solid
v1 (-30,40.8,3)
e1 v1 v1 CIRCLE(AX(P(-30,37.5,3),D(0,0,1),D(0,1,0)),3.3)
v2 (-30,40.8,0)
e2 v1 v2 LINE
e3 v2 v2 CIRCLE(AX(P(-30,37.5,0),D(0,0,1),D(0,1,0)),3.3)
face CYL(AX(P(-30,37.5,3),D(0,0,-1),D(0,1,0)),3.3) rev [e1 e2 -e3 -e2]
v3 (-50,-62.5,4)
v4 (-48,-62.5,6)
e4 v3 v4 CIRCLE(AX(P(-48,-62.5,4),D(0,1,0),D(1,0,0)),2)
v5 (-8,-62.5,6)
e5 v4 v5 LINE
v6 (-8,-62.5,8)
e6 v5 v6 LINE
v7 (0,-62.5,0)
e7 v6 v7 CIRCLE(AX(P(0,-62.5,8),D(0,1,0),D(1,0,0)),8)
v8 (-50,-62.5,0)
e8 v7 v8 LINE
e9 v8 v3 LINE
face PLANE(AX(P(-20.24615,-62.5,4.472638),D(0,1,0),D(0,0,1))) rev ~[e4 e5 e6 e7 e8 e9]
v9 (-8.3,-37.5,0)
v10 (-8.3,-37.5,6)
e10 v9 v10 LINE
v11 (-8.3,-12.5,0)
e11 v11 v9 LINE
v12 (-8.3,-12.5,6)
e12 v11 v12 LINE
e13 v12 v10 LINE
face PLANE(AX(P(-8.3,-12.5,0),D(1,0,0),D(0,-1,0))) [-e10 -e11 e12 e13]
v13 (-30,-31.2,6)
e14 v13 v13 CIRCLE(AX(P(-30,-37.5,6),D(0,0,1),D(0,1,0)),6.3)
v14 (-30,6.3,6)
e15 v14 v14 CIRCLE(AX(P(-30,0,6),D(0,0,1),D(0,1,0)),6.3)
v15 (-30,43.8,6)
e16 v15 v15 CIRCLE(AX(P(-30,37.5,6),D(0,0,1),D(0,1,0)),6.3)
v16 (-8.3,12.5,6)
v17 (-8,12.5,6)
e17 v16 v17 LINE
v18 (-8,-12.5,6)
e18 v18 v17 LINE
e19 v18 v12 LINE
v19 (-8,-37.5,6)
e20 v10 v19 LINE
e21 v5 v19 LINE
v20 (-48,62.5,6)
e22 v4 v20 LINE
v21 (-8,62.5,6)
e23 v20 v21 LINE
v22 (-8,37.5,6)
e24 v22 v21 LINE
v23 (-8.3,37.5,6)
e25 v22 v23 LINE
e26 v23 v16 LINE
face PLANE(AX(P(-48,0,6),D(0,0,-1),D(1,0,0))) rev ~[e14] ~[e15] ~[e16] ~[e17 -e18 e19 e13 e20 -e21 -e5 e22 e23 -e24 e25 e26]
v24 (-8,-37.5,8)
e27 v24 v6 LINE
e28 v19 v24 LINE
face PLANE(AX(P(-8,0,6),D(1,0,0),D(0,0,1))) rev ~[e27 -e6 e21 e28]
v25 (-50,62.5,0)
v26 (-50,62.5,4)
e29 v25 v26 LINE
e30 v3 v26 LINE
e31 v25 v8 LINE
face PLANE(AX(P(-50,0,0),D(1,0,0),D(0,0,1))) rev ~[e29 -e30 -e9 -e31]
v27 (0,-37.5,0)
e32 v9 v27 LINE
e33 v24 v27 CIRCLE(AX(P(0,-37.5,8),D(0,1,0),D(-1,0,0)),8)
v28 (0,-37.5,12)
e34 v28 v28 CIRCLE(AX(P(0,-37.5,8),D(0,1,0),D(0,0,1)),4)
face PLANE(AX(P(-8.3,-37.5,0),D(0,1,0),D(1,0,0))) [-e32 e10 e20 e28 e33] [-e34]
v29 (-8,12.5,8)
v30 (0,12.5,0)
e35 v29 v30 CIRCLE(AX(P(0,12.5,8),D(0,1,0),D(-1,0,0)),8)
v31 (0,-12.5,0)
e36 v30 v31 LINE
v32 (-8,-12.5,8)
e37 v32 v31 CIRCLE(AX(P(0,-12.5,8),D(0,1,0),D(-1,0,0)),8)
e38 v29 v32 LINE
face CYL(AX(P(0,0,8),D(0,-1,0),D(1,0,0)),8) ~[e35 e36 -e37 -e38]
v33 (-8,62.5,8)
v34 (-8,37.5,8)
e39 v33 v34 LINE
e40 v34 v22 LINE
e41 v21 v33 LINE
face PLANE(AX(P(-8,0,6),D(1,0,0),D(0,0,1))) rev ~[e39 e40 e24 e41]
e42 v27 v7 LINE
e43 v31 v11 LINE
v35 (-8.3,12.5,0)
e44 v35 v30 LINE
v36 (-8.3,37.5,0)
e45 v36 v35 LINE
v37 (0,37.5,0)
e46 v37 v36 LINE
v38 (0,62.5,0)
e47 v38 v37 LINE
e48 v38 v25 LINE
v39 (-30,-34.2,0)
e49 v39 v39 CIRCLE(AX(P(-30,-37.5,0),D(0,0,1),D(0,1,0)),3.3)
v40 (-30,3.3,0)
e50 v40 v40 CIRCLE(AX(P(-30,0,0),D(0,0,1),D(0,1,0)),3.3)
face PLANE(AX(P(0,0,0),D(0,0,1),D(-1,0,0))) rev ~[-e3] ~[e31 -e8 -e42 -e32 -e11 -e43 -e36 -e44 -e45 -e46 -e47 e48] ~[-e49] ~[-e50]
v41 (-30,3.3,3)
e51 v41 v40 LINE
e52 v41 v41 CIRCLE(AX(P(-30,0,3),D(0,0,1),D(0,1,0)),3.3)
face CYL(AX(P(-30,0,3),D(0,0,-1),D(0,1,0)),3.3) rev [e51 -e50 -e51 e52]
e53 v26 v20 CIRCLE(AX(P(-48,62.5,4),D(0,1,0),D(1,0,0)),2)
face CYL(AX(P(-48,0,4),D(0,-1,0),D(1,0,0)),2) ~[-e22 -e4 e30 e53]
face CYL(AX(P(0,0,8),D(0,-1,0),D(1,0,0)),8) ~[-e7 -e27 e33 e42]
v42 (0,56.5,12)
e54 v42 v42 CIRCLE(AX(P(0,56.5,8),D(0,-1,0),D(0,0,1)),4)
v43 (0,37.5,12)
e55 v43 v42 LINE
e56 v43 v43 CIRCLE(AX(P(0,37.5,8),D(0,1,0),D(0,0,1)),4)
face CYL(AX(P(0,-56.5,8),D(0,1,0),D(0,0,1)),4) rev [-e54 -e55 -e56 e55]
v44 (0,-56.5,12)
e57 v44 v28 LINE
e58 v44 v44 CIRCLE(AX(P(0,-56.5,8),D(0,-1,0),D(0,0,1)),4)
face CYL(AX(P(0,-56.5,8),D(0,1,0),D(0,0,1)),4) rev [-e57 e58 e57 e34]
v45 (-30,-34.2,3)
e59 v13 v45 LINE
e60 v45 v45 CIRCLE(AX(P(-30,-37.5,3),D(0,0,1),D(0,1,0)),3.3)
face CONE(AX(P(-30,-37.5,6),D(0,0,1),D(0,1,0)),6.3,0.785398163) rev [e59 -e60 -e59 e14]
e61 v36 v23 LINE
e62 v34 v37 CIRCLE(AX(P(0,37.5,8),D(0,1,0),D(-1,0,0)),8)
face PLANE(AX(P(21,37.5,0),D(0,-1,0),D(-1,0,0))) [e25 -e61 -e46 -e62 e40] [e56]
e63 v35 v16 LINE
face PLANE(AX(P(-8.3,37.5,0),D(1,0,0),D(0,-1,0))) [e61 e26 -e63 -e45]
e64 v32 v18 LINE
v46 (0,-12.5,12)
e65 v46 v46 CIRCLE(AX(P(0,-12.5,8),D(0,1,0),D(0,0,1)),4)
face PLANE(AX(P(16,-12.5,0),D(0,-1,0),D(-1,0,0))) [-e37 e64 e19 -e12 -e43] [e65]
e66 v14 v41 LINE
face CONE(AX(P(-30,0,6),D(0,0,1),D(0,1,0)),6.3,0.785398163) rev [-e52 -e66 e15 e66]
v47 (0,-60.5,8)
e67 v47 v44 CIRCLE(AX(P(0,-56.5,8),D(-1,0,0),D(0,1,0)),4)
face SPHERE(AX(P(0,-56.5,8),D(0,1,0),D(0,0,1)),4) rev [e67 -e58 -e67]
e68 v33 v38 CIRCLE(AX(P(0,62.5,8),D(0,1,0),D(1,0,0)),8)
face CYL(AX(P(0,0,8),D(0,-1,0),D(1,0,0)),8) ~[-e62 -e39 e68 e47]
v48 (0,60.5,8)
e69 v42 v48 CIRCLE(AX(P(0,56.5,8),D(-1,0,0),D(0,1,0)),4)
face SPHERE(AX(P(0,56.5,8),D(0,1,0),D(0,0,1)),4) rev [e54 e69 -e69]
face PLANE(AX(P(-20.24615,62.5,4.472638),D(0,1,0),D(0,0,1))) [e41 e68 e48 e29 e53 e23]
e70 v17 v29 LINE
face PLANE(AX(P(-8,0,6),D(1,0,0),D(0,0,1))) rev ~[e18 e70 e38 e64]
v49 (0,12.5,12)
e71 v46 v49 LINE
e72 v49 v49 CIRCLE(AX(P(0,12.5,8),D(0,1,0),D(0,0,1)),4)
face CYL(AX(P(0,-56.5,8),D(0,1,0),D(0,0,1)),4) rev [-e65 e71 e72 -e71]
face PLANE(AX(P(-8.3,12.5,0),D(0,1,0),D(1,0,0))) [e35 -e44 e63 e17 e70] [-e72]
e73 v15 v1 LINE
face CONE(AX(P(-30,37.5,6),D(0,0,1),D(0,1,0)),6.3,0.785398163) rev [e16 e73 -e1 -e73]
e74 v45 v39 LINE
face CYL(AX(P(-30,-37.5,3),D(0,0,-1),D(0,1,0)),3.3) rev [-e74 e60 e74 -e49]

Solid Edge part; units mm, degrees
sketch "Sketch1" plane through (0, 0, 0) normal (0, -1, 0) x (1, 0, 0)
  line L0 (-50, 0) -> (-50, 4)
  arc A0 (-50, 4) -> (-48, 6) centre (-48, 4) cw
  line L1 (-48, 6) -> (-8, 6)
  line L2 (-8, 6) -> (-8, 8)
  arc A1 (-8, 8) -> (0, 0) centre (0, 8) cw
  line L3 (0, 0) -> (-50, 0)
extrude "ExtrudedProtrusion_1" add sketch "Sketch1" against normal blind 62.5 and the other way blind 62.5
sketch "Sketch2" plane through (0, 0, 0) normal (0, 0, 1) x (1, 0, 0)
  line L0 (-8.3, 37.5) -> (-8.3, 12.5)
  line L1 (-8.3, 12.5) -> (16, 12.5)
  line L2 (16, 12.5) -> (16, -12.5)
  line L3 (16, -12.5) -> (-8.3, -12.5)
  line L4 (-8.3, -12.5) -> (-8.3, -37.5)
  line L5 (-8.3, -37.5) -> (21, -37.5)
  line L6 (21, -37.5) -> (21, 37.5)
  line L7 (21, 37.5) -> (-8.3, 37.5)
extrude "ExtrudedCutout_1" cut sketch "Sketch2" along normal blind 16
sketch "Sketch3" plane through (-30, 0, 0) normal (1, 0, 0) x (0, 1, 0)
  line L0 (37.5, 6) -> (43.8, 6)
  line L1 (43.8, 6) -> (40.8, 3)
  line L2 (40.8, 3) -> (40.8, 0)
  line L3 (40.8, 0) -> (37.5, 0)
  line L4 (37.5, 0) -> (37.5, 6)
revolve "RevolvedCutout1" cut sketch "Sketch3" angle 360 about axis through (-30, 37.5, 0) along (0, 0, 1)
sketch "Sketch4" plane through (-30, 0, 0) normal (1, 0, 0) x (0, 1, 0)
  line L0 (-37.5, 6) -> (-31.2, 6)
  line L1 (-31.2, 6) -> (-34.2, 3)
  line L2 (-34.2, 3) -> (-34.2, 0)
  line L3 (-34.2, 0) -> (-37.5, 0)
  line L4 (-37.5, 0) -> (-37.5, 6)
revolve "RevolvedCutout2" cut sketch "Sketch4" angle 360 about axis through (-30, -37.5, 0) along (0, 0, 1)
sketch "Sketch5" plane through (-30, 0, 0) normal (1, 0, 0) x (0, 1, 0)
  line L0 (0, 6) -> (6.3, 6)
  line L1 (6.3, 6) -> (3.3, 3)
  line L2 (3.3, 3) -> (3.3, 0)
  line L3 (3.3, 0) -> (0, 0)
  line L4 (0, 0) -> (0, 6)
revolve "RevolvedCutout3" cut sketch "Sketch5" angle 360 about axis through (-30, 0, 0) along (0, 0, 1)
sketch "Sketch6" plane through (0, 0, 0) normal (1, 0, 0) x (0, 1, 0)
  arc A0 (-60.5, 8) -> (-56.5, 12) centre (-56.5, 8) cw
  line L0 (-56.5, 12) -> (56.5, 12)
  arc A1 (56.5, 12) -> (60.5, 8) centre (56.5, 8) cw
  line L1 (60.5, 8) -> (-60.5, 8)
revolve "RevolvedCutout4" cut sketch "Sketch6" angle 360 about axis through (0, 60.5, 8) along (0, -1, 0)
